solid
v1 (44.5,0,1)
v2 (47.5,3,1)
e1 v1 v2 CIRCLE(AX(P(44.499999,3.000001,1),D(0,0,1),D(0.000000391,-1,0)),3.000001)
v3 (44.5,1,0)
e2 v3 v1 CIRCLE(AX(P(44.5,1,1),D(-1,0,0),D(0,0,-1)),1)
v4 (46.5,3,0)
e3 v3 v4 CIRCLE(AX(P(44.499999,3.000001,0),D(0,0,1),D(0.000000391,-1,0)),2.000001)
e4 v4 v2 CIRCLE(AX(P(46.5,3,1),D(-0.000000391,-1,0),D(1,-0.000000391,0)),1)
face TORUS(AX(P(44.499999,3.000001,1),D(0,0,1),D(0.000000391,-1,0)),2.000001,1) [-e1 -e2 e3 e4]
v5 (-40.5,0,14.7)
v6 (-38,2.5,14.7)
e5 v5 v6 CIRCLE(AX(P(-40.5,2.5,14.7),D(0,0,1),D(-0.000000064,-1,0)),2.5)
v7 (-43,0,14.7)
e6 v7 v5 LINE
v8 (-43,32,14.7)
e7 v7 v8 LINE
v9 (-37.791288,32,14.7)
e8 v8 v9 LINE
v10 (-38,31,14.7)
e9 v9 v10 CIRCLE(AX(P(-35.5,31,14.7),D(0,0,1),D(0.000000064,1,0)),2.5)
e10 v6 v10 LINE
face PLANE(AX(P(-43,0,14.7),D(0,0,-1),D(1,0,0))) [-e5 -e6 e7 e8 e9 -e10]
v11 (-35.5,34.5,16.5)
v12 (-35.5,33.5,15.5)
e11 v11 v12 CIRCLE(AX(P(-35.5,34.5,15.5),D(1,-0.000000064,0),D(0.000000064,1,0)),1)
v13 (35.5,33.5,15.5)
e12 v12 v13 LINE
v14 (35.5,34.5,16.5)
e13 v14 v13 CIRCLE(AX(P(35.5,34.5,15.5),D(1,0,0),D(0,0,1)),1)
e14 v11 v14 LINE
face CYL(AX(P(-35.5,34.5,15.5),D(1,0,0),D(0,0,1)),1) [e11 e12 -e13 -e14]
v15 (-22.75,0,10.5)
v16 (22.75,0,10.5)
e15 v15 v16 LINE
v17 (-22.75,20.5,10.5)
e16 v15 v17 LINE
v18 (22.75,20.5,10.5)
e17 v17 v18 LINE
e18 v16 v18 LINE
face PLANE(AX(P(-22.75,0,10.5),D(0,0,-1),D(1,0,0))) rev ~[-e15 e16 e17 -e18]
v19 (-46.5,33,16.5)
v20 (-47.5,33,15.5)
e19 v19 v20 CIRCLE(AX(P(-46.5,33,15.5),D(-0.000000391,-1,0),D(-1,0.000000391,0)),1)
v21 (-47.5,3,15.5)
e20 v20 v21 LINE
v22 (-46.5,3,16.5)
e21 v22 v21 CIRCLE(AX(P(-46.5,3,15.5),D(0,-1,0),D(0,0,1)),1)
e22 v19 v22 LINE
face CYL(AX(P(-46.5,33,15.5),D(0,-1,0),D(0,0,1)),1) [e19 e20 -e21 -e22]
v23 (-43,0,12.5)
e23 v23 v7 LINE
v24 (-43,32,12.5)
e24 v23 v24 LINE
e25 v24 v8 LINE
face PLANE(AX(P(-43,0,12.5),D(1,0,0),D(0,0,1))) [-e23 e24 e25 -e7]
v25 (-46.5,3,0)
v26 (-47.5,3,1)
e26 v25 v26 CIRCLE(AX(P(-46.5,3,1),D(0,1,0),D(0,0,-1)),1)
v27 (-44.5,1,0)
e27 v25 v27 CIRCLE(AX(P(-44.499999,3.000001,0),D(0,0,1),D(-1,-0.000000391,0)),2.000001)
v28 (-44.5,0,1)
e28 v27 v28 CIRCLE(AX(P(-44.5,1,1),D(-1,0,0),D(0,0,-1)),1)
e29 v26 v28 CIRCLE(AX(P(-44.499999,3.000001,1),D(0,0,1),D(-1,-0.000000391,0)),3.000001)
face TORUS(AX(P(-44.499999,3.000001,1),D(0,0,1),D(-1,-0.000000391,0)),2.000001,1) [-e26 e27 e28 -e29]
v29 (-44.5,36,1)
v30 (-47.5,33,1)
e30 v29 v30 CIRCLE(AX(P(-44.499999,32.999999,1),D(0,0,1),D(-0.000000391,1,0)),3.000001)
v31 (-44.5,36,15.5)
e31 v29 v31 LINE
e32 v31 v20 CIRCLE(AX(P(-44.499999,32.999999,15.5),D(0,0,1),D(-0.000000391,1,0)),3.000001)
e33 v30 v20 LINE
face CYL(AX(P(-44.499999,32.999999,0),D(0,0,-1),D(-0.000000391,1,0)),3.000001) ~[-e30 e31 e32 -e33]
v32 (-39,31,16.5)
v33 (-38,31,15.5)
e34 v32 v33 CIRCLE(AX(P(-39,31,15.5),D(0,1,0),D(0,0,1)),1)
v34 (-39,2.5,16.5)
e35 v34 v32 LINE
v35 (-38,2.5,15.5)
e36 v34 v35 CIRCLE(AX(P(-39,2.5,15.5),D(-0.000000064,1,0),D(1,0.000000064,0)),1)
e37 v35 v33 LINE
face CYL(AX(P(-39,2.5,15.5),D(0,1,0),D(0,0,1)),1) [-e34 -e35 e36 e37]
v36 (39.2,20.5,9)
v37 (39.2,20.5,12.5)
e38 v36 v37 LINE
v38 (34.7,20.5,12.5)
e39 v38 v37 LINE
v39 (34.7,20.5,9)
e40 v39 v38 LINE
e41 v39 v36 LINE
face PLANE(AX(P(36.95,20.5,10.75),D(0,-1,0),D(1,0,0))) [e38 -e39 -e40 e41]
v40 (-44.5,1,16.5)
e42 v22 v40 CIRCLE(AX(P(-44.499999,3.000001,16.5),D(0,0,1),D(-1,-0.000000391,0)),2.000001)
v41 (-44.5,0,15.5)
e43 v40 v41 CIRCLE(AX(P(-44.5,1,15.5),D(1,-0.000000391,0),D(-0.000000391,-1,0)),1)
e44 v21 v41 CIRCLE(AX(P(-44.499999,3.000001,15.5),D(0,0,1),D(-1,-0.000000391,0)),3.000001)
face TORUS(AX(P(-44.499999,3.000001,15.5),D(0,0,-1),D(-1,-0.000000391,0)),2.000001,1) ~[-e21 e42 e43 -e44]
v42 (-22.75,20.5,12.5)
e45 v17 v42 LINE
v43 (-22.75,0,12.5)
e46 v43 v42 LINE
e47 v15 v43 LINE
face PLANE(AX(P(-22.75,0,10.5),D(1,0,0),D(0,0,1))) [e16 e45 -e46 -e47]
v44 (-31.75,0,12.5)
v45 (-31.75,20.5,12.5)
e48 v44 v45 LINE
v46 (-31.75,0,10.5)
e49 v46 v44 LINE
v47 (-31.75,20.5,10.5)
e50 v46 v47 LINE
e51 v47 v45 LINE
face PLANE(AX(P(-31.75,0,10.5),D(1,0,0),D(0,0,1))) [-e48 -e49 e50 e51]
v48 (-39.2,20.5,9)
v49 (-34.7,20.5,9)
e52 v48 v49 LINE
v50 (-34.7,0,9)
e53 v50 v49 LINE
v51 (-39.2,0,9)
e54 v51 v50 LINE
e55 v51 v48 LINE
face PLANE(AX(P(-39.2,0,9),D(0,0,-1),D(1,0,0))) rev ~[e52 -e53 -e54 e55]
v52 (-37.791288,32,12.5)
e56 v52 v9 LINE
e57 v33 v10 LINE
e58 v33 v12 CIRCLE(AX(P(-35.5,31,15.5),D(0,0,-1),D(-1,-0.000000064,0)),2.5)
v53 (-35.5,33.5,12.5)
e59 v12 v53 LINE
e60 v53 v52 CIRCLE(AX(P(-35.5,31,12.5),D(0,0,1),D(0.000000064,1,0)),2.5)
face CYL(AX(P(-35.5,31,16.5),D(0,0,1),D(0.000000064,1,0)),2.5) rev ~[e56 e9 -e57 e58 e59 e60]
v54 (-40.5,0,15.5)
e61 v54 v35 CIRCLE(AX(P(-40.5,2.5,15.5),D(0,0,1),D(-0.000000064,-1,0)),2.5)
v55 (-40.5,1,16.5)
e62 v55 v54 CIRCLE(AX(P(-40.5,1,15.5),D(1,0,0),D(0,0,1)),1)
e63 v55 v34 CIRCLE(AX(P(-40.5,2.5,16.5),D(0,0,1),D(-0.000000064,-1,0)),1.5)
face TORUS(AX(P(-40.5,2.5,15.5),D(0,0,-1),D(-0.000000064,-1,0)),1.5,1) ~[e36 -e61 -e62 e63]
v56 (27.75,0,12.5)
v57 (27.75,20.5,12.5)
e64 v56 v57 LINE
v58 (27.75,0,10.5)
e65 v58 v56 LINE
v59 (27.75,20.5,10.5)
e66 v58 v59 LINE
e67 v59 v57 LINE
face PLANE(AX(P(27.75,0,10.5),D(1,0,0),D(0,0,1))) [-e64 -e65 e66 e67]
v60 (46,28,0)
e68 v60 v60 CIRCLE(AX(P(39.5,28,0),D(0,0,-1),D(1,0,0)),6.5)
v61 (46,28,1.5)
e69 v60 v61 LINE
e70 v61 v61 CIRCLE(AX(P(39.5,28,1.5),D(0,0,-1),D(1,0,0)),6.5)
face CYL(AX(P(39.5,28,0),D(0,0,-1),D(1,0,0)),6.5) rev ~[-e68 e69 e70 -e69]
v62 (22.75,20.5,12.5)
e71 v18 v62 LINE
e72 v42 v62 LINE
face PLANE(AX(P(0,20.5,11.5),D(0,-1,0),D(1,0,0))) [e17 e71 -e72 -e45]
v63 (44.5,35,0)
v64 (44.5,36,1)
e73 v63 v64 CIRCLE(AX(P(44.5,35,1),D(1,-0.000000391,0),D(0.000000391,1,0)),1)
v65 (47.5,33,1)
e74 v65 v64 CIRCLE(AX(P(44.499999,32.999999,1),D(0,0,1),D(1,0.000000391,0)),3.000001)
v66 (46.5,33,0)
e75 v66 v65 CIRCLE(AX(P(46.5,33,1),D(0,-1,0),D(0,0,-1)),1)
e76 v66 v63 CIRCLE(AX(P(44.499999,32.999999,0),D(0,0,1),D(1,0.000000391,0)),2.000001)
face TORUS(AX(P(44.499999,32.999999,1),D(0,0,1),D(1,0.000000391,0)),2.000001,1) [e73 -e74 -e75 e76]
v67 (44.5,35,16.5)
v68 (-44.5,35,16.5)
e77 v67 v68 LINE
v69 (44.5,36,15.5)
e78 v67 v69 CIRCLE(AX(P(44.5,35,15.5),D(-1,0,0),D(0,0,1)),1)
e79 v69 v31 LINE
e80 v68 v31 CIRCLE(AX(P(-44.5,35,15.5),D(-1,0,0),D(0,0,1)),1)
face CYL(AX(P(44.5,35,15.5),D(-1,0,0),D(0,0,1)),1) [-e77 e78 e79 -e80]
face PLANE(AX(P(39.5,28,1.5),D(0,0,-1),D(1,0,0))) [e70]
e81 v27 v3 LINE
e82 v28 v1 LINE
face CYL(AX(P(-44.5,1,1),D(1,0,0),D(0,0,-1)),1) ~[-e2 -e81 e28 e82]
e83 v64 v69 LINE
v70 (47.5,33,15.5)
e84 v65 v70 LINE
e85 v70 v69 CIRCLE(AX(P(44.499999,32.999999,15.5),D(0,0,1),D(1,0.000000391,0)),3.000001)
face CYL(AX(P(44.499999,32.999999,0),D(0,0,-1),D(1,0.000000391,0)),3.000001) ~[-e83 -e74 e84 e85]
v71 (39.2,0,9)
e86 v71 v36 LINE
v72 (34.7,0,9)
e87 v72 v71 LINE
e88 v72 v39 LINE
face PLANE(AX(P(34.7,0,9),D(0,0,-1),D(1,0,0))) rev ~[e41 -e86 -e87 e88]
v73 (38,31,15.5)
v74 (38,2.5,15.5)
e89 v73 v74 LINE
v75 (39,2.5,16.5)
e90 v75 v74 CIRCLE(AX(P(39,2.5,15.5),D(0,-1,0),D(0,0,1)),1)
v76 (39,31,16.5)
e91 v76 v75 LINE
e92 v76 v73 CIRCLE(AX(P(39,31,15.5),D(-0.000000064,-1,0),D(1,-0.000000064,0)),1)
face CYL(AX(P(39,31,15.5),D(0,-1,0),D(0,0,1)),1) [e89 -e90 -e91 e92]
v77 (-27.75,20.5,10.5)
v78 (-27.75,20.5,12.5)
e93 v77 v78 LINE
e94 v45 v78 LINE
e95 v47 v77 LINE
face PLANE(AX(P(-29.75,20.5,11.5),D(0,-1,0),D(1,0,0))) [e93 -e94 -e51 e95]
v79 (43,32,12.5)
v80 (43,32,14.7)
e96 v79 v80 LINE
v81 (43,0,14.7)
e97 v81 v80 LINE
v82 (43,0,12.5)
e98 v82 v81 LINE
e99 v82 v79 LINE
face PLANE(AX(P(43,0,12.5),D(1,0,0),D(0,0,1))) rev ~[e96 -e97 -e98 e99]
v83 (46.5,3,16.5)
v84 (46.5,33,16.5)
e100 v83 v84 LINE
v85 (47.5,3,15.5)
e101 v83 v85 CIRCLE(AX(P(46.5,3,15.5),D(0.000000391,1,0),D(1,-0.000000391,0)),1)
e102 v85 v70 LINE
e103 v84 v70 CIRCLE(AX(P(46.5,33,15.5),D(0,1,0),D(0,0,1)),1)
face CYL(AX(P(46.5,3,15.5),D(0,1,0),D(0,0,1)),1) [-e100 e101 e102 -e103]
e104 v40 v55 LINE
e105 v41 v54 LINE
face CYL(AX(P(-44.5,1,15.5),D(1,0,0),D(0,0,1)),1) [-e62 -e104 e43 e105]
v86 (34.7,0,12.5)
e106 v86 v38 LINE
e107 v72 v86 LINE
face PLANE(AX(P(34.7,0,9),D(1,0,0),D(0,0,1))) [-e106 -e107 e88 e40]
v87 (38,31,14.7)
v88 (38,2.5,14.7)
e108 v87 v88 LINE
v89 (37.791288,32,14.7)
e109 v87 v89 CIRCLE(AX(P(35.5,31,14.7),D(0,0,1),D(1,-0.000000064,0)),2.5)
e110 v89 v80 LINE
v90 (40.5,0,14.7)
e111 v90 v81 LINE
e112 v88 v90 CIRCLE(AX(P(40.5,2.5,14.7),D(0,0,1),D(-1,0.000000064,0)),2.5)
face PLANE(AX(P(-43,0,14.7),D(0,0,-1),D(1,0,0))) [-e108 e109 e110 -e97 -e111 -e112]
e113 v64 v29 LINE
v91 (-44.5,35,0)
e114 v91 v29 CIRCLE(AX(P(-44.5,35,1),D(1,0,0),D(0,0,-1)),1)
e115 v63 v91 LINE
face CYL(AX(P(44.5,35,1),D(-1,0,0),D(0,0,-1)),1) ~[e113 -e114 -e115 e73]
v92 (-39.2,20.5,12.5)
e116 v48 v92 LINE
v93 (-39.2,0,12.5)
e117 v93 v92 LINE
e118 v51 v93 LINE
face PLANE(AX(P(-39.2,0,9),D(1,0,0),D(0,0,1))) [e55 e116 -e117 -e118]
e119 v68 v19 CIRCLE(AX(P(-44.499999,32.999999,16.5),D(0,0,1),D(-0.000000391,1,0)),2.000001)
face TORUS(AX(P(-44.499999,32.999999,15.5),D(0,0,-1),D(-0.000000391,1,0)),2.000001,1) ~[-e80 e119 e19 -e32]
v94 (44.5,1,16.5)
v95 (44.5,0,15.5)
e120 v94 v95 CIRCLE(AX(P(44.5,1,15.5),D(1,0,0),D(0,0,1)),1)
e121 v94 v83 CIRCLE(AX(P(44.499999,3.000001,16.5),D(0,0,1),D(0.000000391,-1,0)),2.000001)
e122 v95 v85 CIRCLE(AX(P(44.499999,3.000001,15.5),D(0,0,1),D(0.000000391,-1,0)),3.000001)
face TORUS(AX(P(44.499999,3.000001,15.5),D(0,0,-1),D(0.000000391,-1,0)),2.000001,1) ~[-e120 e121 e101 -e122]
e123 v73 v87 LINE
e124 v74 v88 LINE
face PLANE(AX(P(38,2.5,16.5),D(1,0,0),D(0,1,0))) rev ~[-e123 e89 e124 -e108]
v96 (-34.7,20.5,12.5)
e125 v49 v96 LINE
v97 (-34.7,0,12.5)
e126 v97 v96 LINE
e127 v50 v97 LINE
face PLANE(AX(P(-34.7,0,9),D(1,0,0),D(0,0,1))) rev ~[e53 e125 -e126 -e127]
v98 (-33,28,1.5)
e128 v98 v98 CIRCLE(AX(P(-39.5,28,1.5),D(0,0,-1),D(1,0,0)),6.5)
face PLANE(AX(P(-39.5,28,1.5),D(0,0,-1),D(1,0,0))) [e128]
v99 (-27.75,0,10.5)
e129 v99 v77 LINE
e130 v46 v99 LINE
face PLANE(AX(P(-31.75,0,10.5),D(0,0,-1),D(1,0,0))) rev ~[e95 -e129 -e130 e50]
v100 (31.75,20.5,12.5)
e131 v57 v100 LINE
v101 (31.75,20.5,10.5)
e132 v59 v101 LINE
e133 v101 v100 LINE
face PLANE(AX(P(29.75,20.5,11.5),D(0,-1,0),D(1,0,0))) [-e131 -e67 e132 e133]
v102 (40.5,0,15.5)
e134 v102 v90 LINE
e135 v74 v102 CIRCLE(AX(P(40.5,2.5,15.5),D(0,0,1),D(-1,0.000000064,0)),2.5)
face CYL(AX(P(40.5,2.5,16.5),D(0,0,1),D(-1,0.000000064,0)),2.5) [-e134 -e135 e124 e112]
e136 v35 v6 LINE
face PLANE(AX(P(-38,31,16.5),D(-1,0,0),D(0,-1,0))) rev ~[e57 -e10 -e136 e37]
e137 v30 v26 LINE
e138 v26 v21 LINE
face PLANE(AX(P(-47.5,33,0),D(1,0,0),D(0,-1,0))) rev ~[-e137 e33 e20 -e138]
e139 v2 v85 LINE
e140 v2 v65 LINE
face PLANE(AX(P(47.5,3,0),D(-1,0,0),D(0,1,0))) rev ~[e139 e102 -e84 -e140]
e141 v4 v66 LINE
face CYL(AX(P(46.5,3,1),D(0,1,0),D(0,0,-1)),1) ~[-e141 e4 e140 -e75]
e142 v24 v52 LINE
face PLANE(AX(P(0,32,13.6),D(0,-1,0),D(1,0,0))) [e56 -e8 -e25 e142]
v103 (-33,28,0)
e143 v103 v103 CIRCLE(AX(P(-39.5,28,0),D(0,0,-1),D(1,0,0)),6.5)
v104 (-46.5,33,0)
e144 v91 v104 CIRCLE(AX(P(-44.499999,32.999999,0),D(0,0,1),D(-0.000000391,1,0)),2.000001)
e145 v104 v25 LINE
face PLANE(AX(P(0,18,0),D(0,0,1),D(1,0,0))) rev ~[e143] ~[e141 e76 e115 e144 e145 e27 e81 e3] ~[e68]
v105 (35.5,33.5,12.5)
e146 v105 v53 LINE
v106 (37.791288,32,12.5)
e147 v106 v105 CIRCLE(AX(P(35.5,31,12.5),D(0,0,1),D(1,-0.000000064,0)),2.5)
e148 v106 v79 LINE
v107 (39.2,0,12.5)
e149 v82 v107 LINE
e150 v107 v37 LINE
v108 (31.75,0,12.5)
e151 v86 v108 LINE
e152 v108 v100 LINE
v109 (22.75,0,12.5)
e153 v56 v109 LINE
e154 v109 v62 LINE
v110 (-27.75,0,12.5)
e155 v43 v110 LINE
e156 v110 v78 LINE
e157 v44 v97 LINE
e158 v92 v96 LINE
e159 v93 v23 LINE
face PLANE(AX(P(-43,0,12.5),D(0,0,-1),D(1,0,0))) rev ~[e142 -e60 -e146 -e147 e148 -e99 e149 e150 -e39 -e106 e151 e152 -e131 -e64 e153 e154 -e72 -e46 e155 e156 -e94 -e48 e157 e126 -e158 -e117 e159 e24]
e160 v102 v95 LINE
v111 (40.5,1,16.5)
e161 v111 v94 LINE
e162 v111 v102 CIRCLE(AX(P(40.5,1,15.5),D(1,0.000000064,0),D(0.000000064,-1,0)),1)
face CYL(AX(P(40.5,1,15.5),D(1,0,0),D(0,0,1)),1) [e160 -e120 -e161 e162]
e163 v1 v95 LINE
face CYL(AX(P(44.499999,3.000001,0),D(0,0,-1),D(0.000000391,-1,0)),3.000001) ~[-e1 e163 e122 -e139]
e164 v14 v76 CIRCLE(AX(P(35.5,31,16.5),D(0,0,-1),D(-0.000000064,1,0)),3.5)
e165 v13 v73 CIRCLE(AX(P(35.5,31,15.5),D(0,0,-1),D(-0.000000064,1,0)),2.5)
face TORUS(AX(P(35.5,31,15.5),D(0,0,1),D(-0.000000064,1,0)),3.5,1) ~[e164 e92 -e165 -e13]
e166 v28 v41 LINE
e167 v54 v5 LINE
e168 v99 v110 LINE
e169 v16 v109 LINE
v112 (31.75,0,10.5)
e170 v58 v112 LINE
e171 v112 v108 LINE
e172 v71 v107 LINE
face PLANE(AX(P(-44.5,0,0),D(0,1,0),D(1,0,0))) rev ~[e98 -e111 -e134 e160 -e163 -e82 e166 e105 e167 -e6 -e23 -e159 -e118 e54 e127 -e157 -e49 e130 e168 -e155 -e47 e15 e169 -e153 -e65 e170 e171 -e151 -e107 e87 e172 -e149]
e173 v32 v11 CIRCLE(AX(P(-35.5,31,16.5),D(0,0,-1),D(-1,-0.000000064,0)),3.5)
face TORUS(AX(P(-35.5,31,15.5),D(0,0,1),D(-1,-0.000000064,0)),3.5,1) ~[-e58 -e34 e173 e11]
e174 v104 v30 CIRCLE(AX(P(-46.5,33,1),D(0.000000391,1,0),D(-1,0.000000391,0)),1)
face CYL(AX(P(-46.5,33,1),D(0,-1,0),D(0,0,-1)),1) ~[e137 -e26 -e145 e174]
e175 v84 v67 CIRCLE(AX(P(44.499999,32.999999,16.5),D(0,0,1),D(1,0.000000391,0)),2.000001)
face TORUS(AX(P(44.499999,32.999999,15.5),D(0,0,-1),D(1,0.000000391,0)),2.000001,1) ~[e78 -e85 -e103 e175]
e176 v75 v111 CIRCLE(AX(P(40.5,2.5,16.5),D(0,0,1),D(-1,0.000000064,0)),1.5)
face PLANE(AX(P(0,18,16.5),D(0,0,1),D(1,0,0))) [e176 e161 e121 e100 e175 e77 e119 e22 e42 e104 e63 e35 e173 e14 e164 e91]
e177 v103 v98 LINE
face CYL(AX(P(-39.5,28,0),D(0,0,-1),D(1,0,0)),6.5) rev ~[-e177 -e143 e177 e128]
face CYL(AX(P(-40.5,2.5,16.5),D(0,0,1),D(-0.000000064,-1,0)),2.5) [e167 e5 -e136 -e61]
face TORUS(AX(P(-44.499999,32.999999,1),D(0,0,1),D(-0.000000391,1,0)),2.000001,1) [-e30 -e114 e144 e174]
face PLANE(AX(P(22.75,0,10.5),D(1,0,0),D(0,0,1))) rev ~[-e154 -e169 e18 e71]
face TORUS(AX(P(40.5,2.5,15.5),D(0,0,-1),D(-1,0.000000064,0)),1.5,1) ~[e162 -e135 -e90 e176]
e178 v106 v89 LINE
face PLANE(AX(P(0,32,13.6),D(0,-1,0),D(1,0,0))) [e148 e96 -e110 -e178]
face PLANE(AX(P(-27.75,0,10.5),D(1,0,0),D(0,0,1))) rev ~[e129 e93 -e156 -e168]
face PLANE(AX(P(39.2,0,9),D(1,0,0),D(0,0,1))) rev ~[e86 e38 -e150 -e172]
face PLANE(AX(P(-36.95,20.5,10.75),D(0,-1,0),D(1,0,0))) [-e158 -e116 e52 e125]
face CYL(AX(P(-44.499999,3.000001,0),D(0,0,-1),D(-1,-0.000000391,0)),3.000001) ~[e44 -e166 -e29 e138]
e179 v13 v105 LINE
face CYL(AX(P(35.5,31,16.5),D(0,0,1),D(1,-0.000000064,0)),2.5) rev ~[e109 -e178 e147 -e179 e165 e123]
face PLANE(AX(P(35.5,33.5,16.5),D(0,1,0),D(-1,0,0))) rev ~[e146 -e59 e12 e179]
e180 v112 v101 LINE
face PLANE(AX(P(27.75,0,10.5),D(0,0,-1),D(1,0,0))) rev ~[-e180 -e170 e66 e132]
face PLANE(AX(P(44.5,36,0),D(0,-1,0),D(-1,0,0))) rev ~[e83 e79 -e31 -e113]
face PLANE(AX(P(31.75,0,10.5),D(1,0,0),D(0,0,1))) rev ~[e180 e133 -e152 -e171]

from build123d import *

# Parameters (mm, degrees)
PAD_DEPTH       = 16.5
SKETCH001_R     = 6.5
POCKET_DEPTH    = 1.5
SKETCH002_W     = 86
SKETCH002_H     = 2.2
POCKET001_DEPTH = 32
POCKET002_DEPTH = 4
SKETCH004_W     = 4
SKETCH004_H     = 2
SKETCH004_W_2   = 4.5
SKETCH004_H_2   = 3.5
SKETCH004_W_3   = 45.5
POCKET003_DEPTH = 20.5
FILLET_R        = 1


with BuildPart() as part:
    # Sketch → Pad (new body)
    with BuildSketch(Plane.XY):
        with BuildLine():
            Line((-47.5, 33), (-47.5, 3))
            ThreePointArc((-47.5, 3), (-46.62132, 0.87868), (-44.5, 0))
            Line((-44.5, 0), (44.5, 0))
            ThreePointArc((44.5, 0), (46.62132, 0.87868), (47.5, 3))
            Line((47.5, 3), (47.5, 33))
            ThreePointArc((47.5, 33), (46.62132, 35.12132), (44.5, 36))
            Line((44.5, 36), (-44.5, 36))
            ThreePointArc((-44.5, 36), (-46.62132, 35.12132), (-47.5, 33))
        make_face()
    extrude(amount=PAD_DEPTH)

    # Sketch001 (on Face9 of Pad) → Pocket (cut)
    with BuildSketch(Plane(origin=(0, 0, 0), x_dir=(1, 0, 0), z_dir=(0, 0, -1))):
        with Locations((-39.5, -28)):
            Circle(SKETCH001_R)
        with Locations((39.5, -28)):
            Circle(SKETCH001_R)
    extrude(amount=-POCKET_DEPTH, mode=Mode.SUBTRACT)

    # Sketch002 (on Face7 of Pocket) → Pocket001 (cut)
    with BuildSketch(Plane.XZ):
        with Locations((0, 13.6)):
            Rectangle(SKETCH002_W, SKETCH002_H)
    extrude(amount=-POCKET001_DEPTH, mode=Mode.SUBTRACT)

    # Sketch003 (on Face5 of Pocket001) → Pocket002 (cut)
    with BuildSketch(Plane.XY.offset(16.5)):
        with BuildLine():
            Line((-40.5, 0), (40.5, 0))
            ThreePointArc((38, 2.5), (38.732233, 0.732233), (40.5, 0))
            Line((38, 2.5), (38, 31))
            ThreePointArc((38, 31), (37.267767, 32.767767), (35.5, 33.5))
            Line((35.5, 33.5), (-35.5, 33.5))
            ThreePointArc((-35.5, 33.5), (-37.267767, 32.767767), (-38, 31))
            Line((-38, 31), (-38, 2.5))
            ThreePointArc((-40.5, 0), (-38.732233, 0.732233), (-38, 2.5))
        make_face()
    extrude(amount=-POCKET002_DEPTH, mode=Mode.SUBTRACT)

    # Sketch004 (on Face7 of Pocket002) → Pocket003 (cut)
    with BuildSketch(Plane.XZ):
        with Locations((-29.75, 11.5)):
            Rectangle(SKETCH004_W, SKETCH004_H)
        with Locations((29.75, 11.5)):
            Rectangle(SKETCH004_W, SKETCH004_H)
        with Locations((-36.95, 10.75)):
            Rectangle(SKETCH004_W_2, SKETCH004_H_2)
        with Locations((36.95, 10.75)):
            Rectangle(SKETCH004_W_2, SKETCH004_H_2)
        with Locations((0, 11.5)):
            Rectangle(SKETCH004_W_3, SKETCH004_H)
    extrude(amount=-POCKET003_DEPTH, mode=Mode.SUBTRACT)

    # Fillet
    fillet_edges = [part.edges().sort_by_distance(p)[0] for p in [
        (0, 0, 0),
        (0, 36, 16.5),
    ]]
    fillet(fillet_edges, radius=FILLET_R)


solid = part.part
